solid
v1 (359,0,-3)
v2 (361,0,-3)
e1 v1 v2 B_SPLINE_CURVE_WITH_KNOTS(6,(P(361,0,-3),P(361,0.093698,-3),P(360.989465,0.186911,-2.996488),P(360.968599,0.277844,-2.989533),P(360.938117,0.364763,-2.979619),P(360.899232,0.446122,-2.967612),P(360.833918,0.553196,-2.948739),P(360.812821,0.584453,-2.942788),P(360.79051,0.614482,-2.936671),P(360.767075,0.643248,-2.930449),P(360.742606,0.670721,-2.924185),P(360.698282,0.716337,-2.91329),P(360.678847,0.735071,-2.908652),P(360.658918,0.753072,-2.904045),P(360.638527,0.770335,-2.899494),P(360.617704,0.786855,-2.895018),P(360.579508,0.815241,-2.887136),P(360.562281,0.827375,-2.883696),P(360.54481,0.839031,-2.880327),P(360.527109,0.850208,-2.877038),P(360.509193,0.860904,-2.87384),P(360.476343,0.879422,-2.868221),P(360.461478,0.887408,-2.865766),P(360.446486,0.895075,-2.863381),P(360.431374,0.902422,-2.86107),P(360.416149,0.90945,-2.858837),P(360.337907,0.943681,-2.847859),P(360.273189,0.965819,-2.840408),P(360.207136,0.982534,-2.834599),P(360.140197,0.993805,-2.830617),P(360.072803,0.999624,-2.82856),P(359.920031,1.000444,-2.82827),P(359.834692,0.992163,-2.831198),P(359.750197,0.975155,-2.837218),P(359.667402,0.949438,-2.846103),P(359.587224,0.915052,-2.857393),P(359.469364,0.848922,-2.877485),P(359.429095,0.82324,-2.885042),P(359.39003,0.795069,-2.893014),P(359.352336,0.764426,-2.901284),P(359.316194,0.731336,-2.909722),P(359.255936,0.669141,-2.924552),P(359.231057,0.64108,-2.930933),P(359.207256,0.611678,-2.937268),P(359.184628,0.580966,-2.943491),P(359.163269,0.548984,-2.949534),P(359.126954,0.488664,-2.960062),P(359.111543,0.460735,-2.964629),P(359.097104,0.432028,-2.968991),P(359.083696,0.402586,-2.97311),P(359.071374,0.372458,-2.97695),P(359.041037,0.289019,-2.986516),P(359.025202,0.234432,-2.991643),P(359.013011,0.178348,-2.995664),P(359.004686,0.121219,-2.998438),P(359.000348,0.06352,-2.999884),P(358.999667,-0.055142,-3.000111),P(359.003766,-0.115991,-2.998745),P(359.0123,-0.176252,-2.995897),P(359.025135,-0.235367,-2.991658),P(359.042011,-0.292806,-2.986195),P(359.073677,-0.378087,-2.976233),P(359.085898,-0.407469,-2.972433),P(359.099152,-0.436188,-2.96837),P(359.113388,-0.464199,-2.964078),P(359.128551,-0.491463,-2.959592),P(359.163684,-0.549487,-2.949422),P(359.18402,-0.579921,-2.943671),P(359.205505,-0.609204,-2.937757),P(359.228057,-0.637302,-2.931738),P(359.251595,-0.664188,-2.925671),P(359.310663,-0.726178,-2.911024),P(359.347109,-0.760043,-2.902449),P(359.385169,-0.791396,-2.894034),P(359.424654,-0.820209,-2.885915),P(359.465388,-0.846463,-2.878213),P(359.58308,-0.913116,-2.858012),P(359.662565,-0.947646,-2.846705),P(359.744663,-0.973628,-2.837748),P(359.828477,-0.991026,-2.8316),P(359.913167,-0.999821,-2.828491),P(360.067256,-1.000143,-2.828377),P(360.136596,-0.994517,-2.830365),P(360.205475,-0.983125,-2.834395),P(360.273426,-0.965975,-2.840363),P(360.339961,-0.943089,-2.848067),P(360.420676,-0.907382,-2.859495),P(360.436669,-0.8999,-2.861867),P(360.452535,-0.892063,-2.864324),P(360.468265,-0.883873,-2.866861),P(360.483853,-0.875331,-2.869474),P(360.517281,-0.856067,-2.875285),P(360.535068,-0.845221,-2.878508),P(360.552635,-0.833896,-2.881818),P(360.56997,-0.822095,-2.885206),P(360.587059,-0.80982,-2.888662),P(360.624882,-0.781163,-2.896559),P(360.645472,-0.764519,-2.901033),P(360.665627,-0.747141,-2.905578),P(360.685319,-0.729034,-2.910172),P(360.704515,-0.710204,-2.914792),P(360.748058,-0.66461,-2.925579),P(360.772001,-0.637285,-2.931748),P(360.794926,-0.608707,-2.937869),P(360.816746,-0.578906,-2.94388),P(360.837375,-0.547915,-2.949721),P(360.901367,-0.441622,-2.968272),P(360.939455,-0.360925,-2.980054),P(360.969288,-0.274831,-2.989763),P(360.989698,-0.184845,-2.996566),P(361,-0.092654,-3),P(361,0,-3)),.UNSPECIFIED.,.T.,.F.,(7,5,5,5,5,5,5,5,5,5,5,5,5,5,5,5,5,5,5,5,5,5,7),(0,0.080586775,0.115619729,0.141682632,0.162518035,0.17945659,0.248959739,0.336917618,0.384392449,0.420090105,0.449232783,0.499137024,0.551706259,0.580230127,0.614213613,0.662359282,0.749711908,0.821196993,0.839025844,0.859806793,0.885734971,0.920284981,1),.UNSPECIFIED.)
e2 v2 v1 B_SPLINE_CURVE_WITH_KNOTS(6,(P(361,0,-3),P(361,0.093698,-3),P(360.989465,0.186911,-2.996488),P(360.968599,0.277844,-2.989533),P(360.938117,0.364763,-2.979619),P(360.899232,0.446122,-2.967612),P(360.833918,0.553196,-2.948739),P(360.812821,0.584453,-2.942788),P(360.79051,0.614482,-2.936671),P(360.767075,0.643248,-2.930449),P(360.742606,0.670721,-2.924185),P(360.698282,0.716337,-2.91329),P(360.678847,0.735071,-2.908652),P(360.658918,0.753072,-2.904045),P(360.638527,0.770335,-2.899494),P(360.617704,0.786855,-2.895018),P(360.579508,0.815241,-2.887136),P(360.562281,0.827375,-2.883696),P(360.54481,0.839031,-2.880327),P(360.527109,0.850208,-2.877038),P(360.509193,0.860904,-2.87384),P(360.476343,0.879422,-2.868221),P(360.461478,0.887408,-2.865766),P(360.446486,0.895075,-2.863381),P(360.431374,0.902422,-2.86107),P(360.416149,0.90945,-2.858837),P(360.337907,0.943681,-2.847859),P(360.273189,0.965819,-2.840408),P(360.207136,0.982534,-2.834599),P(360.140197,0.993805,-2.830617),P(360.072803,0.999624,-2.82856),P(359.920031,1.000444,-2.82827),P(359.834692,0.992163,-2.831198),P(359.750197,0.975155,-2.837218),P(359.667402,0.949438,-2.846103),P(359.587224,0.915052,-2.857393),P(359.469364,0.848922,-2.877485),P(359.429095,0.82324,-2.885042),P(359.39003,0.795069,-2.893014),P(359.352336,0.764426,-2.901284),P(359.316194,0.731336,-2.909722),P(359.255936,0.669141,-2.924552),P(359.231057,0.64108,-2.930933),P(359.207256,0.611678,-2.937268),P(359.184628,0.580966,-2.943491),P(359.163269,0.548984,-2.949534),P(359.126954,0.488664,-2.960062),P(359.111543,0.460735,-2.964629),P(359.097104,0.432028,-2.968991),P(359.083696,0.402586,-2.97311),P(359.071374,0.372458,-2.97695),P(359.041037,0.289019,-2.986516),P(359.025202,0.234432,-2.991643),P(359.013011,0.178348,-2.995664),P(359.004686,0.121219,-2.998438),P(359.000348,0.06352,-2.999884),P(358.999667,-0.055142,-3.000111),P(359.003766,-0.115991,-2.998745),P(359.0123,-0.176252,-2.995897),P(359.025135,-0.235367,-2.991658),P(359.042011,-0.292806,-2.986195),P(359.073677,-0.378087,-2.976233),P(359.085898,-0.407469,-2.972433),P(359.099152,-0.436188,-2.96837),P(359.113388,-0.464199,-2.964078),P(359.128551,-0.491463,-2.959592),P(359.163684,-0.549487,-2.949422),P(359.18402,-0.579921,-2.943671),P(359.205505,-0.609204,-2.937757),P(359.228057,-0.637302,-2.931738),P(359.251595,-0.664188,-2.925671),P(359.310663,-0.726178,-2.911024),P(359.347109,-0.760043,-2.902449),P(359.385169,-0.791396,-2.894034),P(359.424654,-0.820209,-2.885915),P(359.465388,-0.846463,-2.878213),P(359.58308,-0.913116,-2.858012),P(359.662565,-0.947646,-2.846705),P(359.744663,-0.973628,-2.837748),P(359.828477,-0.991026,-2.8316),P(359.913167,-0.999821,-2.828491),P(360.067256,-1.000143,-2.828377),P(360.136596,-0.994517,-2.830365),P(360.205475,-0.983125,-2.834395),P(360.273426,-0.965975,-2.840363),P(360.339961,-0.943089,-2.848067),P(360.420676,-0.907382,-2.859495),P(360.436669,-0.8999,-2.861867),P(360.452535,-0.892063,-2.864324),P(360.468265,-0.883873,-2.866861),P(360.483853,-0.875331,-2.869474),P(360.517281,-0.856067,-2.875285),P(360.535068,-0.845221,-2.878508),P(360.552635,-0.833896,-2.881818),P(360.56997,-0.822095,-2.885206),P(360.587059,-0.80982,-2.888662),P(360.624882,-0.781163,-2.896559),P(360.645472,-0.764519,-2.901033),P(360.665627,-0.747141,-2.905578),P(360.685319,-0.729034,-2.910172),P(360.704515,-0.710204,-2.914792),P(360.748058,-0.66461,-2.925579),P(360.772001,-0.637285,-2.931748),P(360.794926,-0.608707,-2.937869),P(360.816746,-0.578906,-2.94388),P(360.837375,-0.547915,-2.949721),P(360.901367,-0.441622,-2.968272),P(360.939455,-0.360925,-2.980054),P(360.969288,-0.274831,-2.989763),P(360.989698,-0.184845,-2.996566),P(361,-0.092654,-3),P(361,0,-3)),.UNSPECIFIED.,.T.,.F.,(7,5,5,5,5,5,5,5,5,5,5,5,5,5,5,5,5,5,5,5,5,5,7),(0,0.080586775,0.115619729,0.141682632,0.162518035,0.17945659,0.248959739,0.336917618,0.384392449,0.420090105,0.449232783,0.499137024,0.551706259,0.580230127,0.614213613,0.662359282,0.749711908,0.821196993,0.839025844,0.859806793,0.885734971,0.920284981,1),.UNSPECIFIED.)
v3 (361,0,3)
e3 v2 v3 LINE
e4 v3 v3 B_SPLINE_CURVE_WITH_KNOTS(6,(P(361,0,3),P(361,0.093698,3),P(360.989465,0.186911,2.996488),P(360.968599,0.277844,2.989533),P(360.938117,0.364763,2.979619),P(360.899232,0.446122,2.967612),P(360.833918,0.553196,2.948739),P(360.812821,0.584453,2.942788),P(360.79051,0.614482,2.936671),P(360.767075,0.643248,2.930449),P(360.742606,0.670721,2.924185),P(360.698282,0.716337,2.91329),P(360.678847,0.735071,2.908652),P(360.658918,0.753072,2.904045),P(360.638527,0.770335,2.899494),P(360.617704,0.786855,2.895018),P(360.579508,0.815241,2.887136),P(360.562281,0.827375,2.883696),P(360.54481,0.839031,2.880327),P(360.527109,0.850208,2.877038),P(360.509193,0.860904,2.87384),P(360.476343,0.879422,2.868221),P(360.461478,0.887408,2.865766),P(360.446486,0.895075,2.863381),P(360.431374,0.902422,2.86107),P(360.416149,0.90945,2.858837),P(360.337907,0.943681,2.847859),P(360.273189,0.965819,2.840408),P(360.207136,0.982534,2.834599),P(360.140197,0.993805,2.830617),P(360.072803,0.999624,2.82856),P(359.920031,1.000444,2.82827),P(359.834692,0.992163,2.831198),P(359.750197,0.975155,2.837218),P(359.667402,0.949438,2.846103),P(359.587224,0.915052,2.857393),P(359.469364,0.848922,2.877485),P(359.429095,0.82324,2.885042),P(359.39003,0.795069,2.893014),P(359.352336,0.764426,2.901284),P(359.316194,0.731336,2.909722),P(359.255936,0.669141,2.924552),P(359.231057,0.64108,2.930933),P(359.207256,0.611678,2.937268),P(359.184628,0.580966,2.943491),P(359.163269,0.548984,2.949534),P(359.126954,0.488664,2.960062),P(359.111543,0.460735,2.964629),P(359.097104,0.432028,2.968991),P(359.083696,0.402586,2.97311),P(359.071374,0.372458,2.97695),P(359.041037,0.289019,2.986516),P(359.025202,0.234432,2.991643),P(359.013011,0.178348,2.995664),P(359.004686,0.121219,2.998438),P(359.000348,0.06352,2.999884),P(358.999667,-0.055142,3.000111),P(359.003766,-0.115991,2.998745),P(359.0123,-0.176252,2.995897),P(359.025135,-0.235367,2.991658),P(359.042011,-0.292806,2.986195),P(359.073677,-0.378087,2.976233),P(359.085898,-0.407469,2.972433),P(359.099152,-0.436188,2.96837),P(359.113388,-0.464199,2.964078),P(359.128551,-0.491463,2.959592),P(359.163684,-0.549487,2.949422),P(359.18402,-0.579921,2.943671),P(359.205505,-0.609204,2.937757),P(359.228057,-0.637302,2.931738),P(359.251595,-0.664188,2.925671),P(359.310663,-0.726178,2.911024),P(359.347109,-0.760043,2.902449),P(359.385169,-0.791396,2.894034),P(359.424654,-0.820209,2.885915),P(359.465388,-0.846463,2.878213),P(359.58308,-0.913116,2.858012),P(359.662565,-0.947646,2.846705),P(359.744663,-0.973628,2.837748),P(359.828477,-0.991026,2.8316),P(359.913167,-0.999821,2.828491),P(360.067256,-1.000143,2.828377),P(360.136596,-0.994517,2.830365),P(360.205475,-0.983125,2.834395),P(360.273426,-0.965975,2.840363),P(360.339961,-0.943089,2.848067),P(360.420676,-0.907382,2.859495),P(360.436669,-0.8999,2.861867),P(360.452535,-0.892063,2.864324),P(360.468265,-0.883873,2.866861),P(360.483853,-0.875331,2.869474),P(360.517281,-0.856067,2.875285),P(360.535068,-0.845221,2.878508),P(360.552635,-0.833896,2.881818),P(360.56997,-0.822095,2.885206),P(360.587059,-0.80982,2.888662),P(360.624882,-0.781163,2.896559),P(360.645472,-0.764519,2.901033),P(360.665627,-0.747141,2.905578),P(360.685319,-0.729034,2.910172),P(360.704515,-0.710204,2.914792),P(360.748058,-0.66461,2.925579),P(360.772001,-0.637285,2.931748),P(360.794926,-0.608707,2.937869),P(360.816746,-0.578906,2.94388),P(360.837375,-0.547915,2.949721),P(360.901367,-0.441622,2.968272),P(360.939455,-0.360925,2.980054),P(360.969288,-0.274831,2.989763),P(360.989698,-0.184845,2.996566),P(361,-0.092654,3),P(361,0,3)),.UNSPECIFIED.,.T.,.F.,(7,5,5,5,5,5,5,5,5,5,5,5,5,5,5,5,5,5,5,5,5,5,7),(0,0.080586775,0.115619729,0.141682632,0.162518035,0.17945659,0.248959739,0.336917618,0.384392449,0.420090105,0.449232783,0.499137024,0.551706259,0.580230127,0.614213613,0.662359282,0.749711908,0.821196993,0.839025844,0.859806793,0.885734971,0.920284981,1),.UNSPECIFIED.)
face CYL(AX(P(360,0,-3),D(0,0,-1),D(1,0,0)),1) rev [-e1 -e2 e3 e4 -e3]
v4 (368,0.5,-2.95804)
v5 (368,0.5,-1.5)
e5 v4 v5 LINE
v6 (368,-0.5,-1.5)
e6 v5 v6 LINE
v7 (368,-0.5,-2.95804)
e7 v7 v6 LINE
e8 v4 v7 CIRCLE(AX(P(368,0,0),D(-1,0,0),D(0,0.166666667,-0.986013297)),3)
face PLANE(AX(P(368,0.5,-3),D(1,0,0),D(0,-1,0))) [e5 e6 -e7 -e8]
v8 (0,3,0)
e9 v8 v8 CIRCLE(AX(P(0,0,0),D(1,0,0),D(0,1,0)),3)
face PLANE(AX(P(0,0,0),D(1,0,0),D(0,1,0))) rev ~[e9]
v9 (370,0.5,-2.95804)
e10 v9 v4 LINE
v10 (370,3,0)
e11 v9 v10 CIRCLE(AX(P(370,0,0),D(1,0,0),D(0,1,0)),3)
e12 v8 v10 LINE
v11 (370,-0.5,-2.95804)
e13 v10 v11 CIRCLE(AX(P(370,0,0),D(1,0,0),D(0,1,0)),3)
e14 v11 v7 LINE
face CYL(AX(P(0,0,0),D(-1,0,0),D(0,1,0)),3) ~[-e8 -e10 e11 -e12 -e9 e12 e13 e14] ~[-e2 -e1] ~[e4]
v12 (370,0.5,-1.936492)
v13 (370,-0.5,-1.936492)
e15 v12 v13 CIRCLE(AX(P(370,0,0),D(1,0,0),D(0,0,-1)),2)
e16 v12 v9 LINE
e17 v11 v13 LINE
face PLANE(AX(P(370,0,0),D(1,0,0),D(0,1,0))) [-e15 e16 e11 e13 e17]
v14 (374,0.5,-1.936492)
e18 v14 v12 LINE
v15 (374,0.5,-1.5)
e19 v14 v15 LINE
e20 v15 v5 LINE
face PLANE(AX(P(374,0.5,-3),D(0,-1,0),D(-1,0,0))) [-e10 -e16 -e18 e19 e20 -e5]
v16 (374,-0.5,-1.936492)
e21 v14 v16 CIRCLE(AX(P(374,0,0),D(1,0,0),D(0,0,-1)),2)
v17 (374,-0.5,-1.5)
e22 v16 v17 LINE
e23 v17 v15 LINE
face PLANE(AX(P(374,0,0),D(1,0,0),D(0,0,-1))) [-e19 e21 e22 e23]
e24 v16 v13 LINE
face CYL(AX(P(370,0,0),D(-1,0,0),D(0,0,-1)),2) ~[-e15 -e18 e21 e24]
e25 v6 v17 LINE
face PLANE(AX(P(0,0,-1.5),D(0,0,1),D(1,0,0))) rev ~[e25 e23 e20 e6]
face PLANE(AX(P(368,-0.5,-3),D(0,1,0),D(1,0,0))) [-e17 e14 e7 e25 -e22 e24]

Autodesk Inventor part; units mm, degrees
ref_plane "YZ Plane" through (0, 0, 0) normal (1, 0, 0) x (0, 1, 0)
ref_plane "XZ Plane" through (0, 0, 0) normal (0, 1, 0) x (-1, 0, 0)
sketch "Sketch1" plane through (0, 0, 0) normal (1, 0, 0) x (0, 1, 0)
  circle A0 centre (0, 0) radius 3
  dimension "d4" = 6
extrude "Extrusion1" add sketch "Sketch1" along normal blind 370
sketch "Sketch2" plane through (370, 0, 0) normal (1, 0, 0) x (0, 0, -1)
  circle A0 centre (0, 0) radius 2
  dimension "d5" = 4
extrude "Extrusion2" add sketch "Sketch2" along normal blind 4
thread "Thread1" size "M4x0.7" class "6g" standard "ANSI Metric M Profile" full length
ref_plane "Work Plane1" through (0, 0, -3) normal (0, 0, 1) x (1, 0, 0)
sketch "Sketch3" plane through (0, 0, -3) normal (0, 0, 1) x (1, 0, 0)
  line L0 (374, 0.5) -> (368, 0.5)
  line L1 (368, 0.5) -> (368, -0.5)
  line L2 (368, -0.5) -> (374, -0.5)
  line L3 (374, -0.5) -> (374, 0.5)
  line L4 (374, 0.5) -> (368, -0.5) construction
  line L5 (368, 0.5) -> (374, -0.5) construction
  line L6 (374, -2) -> (374, 2) projected
  point P0 (0, 0)
  point P1 (371, 0)
  dimension "d10" = 1
  dimension "d11" = 6
  dimension "d18" = 0
extrude "Extrusion3" cut sketch "Sketch3" along normal blind 1.5
sketch "Sketch4" plane through (0, 0, -3) normal (0, 0, 1) x (1, 0, 0)
  circle A0 centre (360, 0) radius 1
  line L0 (370, -3) -> (370, 3) projected
  point P0 (0, 0)
  point P1 (370, 0.5)
  point P2 (370, -0.5)
  dimension "d14" = 2
  dimension "d15" = 10
extrude "Extrusion4" cut sketch "Sketch4" along normal up to next
properties part number "Rod"
